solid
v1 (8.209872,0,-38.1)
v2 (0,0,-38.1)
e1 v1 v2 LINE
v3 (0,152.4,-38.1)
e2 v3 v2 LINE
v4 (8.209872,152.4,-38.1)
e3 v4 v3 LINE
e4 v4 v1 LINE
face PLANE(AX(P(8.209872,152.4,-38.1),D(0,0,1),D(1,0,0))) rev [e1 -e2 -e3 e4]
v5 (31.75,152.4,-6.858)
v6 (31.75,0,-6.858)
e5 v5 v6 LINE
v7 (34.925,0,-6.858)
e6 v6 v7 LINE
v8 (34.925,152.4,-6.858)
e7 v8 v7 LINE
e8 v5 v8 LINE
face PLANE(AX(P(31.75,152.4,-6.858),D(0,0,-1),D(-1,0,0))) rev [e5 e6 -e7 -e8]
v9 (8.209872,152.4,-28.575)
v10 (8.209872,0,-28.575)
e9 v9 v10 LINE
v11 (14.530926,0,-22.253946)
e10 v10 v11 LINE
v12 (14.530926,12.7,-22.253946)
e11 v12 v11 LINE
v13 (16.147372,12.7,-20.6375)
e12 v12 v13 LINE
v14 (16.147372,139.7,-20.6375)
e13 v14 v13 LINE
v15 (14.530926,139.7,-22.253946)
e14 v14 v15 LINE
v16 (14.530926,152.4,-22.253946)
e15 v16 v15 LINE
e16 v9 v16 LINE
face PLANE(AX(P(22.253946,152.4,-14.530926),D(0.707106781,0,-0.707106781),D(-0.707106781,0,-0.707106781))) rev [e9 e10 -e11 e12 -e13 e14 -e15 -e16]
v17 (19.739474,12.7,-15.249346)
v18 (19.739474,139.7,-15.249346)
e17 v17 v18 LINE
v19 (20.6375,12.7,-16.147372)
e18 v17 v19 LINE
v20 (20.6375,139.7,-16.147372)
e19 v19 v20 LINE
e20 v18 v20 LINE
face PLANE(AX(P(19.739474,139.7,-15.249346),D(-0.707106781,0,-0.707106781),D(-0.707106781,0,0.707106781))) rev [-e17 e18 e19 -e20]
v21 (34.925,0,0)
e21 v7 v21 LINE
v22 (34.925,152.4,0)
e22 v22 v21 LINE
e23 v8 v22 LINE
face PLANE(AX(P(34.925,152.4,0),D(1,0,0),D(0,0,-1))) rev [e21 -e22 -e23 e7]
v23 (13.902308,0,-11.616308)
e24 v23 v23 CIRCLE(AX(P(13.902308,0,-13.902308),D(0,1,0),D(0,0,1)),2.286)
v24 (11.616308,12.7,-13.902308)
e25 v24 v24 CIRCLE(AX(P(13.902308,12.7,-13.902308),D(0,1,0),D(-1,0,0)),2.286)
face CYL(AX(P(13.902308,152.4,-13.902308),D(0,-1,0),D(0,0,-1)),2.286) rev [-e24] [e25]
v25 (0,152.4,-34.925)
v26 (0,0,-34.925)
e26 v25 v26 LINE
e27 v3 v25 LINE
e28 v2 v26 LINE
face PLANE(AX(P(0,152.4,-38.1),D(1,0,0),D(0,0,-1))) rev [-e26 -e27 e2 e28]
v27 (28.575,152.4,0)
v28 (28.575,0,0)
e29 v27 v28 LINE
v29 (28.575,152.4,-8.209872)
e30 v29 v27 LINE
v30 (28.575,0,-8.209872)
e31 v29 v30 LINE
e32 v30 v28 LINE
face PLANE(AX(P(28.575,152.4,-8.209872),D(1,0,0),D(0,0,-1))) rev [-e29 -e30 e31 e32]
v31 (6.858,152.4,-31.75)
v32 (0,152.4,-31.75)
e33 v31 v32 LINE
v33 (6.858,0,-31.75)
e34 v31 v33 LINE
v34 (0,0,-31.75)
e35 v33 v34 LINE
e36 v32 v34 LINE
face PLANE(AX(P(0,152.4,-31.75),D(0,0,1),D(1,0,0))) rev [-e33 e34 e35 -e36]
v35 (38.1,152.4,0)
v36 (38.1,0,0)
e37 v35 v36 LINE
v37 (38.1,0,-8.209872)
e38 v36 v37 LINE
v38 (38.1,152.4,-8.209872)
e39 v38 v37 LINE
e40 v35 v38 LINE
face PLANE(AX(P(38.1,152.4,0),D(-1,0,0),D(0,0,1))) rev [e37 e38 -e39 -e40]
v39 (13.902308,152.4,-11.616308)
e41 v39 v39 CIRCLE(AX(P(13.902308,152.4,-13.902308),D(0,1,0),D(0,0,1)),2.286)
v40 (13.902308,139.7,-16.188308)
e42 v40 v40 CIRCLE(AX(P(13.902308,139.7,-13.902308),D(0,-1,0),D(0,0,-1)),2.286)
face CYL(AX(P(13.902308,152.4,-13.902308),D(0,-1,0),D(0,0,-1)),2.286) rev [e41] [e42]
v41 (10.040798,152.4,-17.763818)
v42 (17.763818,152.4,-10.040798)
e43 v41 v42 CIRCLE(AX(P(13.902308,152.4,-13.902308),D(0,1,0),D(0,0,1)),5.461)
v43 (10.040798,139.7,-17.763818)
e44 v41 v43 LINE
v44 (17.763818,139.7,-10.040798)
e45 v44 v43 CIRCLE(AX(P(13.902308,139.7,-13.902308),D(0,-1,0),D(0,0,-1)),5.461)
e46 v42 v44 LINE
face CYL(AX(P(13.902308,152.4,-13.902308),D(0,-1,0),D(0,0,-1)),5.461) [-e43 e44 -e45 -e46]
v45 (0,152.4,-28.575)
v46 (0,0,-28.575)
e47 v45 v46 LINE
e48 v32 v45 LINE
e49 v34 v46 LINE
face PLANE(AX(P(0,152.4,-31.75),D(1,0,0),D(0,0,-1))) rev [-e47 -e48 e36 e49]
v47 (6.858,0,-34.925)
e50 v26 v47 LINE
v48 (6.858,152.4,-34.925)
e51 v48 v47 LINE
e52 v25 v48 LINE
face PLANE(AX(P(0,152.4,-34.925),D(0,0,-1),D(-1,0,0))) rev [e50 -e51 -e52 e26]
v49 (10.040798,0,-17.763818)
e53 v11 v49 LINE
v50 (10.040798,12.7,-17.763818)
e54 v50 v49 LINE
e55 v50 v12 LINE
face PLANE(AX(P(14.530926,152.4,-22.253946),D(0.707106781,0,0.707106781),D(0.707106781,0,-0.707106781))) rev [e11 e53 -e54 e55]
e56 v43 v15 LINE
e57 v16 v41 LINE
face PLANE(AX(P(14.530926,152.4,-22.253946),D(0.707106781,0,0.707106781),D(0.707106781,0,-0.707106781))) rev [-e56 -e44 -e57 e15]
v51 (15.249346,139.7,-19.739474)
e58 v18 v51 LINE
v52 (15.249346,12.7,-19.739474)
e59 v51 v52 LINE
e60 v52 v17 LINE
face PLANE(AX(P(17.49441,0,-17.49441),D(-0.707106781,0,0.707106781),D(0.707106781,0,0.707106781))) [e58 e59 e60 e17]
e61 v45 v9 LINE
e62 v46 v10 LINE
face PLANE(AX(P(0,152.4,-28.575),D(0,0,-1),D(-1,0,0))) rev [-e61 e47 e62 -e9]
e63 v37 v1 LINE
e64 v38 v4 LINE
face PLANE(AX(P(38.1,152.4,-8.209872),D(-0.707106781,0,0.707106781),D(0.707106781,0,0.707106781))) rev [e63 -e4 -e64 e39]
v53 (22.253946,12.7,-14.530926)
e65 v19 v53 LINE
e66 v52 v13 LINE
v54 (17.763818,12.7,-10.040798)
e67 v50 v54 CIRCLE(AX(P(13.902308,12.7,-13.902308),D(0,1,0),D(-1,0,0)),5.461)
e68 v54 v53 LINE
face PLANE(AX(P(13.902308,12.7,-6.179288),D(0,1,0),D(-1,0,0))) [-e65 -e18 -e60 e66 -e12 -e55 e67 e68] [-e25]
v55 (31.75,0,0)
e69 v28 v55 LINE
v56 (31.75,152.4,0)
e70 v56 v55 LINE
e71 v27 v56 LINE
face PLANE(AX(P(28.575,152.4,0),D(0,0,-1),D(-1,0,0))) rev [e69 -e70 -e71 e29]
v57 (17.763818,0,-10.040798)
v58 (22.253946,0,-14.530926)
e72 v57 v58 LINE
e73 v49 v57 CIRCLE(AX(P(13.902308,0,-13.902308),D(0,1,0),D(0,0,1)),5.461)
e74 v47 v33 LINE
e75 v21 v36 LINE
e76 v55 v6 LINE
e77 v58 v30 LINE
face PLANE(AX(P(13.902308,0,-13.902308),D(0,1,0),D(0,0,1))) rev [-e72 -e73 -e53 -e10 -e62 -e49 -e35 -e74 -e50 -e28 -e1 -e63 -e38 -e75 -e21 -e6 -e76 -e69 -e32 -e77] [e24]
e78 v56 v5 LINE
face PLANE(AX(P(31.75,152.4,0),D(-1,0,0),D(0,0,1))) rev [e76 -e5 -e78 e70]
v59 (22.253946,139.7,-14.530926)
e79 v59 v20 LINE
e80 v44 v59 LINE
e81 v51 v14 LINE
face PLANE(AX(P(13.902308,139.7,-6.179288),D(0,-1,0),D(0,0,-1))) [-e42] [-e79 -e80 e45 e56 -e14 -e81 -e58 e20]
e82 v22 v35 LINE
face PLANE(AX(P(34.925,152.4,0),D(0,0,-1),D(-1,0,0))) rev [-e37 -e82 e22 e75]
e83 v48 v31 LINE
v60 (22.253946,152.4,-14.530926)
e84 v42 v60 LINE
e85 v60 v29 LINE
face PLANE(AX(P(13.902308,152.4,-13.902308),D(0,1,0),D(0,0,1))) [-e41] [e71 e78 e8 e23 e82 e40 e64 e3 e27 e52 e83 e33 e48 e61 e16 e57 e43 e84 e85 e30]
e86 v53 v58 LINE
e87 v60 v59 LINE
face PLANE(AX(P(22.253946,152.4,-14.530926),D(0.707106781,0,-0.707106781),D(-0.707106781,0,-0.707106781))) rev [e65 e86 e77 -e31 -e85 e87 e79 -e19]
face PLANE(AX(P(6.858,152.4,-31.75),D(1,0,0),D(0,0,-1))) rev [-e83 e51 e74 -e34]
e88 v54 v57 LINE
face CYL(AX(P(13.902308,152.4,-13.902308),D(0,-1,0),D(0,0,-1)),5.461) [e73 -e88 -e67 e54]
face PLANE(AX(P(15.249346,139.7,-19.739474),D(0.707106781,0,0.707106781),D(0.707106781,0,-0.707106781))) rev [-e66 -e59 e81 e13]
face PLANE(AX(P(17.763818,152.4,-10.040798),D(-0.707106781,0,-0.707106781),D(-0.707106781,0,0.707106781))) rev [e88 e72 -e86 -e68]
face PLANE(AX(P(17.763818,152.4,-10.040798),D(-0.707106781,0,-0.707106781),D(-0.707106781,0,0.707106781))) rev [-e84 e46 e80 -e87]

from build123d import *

# Parameters (mm, degrees)
SKETCH1_R           = 2.286
BOSS_EXTRUDE1_DEPTH = 152.4
SKETCH2_W           = 10.922
SKETCH2_H           = 127
CUT_EXTRUDE1_DEPTH  = 11.811
SKETCH3_W           = 6.35
SKETCH3_H           = 127
BOSS_EXTRUDE2_DEPTH = 1.27


with BuildPart() as part:
    # Sketch1 → Boss-Extrude1 (new body)
    with BuildSketch(Plane(origin=(0, 0, 0), x_dir=(1, 0, 0), z_dir=(0, 1, 0))):
        with BuildLine():
            Line((38.1, 0), (38.1, 8.209871939))
            Line((38.1, 8.209871939), (8.209871939, 38.1))
            Line((8.209871939, 38.1), (0, 38.1))
            Line((0, 38.1), (0, 34.925))
            Line((0, 34.925), (6.858, 34.925))
            Line((6.858, 34.925), (6.858, 31.75))
            Line((6.858, 31.75), (0, 31.75))
            Line((0, 31.75), (0, 28.575))
            Line((0, 28.575), (8.209871939, 28.575))
            Line((8.209871939, 28.575), (14.530925838, 22.253946102))
            Line((14.530925838, 22.253946102), (10.040797777, 17.763818041))
            ThreePointArc((10.040797777, 17.763818041), (10.040797777, 10.040797777), (17.763818041, 10.040797777))
            Line((17.763818041, 10.040797777), (22.253946102, 14.530925838))
            Line((22.253946102, 14.530925838), (28.575, 8.209871939))
            Line((28.575, 8.209871939), (28.575, 0))
            Line((28.575, 0), (31.75, 0))
            Line((31.75, 0), (31.75, 6.858))
            Line((31.75, 6.858), (34.925, 6.858))
            Line((34.925, 6.858), (34.925, 0))
            Line((34.925, 0), (38.1, 0))
        make_face()
        with Locations((13.902307909, 13.902307909)):
            Circle(SKETCH1_R, mode=Mode.SUBTRACT)
    extrude(amount=BOSS_EXTRUDE1_DEPTH)

    # Sketch2 → Cut-Extrude1 (cut)
    with BuildSketch(Plane(origin=(18.39243597, 0, -18.39243597), x_dir=(0.707106781, 0, 0.707106781), z_dir=(-0.707106781, 0, 0.707106781))):
        with Locations((0, 76.2)):
            Rectangle(SKETCH2_W, SKETCH2_H)
    extrude(amount=CUT_EXTRUDE1_DEPTH, mode=Mode.SUBTRACT)

    # Sketch3 → Boss-Extrude2 (add)
    with BuildSketch(Plane(origin=(18.39243597, 0, -18.39243597), x_dir=(0.707106781, 0, 0.707106781), z_dir=(-0.707106781, 0, 0.707106781))):
        with Locations((0, 76.2)):
            Rectangle(SKETCH3_W, SKETCH3_H)
    extrude(amount=BOSS_EXTRUDE2_DEPTH)


solid = part.part
